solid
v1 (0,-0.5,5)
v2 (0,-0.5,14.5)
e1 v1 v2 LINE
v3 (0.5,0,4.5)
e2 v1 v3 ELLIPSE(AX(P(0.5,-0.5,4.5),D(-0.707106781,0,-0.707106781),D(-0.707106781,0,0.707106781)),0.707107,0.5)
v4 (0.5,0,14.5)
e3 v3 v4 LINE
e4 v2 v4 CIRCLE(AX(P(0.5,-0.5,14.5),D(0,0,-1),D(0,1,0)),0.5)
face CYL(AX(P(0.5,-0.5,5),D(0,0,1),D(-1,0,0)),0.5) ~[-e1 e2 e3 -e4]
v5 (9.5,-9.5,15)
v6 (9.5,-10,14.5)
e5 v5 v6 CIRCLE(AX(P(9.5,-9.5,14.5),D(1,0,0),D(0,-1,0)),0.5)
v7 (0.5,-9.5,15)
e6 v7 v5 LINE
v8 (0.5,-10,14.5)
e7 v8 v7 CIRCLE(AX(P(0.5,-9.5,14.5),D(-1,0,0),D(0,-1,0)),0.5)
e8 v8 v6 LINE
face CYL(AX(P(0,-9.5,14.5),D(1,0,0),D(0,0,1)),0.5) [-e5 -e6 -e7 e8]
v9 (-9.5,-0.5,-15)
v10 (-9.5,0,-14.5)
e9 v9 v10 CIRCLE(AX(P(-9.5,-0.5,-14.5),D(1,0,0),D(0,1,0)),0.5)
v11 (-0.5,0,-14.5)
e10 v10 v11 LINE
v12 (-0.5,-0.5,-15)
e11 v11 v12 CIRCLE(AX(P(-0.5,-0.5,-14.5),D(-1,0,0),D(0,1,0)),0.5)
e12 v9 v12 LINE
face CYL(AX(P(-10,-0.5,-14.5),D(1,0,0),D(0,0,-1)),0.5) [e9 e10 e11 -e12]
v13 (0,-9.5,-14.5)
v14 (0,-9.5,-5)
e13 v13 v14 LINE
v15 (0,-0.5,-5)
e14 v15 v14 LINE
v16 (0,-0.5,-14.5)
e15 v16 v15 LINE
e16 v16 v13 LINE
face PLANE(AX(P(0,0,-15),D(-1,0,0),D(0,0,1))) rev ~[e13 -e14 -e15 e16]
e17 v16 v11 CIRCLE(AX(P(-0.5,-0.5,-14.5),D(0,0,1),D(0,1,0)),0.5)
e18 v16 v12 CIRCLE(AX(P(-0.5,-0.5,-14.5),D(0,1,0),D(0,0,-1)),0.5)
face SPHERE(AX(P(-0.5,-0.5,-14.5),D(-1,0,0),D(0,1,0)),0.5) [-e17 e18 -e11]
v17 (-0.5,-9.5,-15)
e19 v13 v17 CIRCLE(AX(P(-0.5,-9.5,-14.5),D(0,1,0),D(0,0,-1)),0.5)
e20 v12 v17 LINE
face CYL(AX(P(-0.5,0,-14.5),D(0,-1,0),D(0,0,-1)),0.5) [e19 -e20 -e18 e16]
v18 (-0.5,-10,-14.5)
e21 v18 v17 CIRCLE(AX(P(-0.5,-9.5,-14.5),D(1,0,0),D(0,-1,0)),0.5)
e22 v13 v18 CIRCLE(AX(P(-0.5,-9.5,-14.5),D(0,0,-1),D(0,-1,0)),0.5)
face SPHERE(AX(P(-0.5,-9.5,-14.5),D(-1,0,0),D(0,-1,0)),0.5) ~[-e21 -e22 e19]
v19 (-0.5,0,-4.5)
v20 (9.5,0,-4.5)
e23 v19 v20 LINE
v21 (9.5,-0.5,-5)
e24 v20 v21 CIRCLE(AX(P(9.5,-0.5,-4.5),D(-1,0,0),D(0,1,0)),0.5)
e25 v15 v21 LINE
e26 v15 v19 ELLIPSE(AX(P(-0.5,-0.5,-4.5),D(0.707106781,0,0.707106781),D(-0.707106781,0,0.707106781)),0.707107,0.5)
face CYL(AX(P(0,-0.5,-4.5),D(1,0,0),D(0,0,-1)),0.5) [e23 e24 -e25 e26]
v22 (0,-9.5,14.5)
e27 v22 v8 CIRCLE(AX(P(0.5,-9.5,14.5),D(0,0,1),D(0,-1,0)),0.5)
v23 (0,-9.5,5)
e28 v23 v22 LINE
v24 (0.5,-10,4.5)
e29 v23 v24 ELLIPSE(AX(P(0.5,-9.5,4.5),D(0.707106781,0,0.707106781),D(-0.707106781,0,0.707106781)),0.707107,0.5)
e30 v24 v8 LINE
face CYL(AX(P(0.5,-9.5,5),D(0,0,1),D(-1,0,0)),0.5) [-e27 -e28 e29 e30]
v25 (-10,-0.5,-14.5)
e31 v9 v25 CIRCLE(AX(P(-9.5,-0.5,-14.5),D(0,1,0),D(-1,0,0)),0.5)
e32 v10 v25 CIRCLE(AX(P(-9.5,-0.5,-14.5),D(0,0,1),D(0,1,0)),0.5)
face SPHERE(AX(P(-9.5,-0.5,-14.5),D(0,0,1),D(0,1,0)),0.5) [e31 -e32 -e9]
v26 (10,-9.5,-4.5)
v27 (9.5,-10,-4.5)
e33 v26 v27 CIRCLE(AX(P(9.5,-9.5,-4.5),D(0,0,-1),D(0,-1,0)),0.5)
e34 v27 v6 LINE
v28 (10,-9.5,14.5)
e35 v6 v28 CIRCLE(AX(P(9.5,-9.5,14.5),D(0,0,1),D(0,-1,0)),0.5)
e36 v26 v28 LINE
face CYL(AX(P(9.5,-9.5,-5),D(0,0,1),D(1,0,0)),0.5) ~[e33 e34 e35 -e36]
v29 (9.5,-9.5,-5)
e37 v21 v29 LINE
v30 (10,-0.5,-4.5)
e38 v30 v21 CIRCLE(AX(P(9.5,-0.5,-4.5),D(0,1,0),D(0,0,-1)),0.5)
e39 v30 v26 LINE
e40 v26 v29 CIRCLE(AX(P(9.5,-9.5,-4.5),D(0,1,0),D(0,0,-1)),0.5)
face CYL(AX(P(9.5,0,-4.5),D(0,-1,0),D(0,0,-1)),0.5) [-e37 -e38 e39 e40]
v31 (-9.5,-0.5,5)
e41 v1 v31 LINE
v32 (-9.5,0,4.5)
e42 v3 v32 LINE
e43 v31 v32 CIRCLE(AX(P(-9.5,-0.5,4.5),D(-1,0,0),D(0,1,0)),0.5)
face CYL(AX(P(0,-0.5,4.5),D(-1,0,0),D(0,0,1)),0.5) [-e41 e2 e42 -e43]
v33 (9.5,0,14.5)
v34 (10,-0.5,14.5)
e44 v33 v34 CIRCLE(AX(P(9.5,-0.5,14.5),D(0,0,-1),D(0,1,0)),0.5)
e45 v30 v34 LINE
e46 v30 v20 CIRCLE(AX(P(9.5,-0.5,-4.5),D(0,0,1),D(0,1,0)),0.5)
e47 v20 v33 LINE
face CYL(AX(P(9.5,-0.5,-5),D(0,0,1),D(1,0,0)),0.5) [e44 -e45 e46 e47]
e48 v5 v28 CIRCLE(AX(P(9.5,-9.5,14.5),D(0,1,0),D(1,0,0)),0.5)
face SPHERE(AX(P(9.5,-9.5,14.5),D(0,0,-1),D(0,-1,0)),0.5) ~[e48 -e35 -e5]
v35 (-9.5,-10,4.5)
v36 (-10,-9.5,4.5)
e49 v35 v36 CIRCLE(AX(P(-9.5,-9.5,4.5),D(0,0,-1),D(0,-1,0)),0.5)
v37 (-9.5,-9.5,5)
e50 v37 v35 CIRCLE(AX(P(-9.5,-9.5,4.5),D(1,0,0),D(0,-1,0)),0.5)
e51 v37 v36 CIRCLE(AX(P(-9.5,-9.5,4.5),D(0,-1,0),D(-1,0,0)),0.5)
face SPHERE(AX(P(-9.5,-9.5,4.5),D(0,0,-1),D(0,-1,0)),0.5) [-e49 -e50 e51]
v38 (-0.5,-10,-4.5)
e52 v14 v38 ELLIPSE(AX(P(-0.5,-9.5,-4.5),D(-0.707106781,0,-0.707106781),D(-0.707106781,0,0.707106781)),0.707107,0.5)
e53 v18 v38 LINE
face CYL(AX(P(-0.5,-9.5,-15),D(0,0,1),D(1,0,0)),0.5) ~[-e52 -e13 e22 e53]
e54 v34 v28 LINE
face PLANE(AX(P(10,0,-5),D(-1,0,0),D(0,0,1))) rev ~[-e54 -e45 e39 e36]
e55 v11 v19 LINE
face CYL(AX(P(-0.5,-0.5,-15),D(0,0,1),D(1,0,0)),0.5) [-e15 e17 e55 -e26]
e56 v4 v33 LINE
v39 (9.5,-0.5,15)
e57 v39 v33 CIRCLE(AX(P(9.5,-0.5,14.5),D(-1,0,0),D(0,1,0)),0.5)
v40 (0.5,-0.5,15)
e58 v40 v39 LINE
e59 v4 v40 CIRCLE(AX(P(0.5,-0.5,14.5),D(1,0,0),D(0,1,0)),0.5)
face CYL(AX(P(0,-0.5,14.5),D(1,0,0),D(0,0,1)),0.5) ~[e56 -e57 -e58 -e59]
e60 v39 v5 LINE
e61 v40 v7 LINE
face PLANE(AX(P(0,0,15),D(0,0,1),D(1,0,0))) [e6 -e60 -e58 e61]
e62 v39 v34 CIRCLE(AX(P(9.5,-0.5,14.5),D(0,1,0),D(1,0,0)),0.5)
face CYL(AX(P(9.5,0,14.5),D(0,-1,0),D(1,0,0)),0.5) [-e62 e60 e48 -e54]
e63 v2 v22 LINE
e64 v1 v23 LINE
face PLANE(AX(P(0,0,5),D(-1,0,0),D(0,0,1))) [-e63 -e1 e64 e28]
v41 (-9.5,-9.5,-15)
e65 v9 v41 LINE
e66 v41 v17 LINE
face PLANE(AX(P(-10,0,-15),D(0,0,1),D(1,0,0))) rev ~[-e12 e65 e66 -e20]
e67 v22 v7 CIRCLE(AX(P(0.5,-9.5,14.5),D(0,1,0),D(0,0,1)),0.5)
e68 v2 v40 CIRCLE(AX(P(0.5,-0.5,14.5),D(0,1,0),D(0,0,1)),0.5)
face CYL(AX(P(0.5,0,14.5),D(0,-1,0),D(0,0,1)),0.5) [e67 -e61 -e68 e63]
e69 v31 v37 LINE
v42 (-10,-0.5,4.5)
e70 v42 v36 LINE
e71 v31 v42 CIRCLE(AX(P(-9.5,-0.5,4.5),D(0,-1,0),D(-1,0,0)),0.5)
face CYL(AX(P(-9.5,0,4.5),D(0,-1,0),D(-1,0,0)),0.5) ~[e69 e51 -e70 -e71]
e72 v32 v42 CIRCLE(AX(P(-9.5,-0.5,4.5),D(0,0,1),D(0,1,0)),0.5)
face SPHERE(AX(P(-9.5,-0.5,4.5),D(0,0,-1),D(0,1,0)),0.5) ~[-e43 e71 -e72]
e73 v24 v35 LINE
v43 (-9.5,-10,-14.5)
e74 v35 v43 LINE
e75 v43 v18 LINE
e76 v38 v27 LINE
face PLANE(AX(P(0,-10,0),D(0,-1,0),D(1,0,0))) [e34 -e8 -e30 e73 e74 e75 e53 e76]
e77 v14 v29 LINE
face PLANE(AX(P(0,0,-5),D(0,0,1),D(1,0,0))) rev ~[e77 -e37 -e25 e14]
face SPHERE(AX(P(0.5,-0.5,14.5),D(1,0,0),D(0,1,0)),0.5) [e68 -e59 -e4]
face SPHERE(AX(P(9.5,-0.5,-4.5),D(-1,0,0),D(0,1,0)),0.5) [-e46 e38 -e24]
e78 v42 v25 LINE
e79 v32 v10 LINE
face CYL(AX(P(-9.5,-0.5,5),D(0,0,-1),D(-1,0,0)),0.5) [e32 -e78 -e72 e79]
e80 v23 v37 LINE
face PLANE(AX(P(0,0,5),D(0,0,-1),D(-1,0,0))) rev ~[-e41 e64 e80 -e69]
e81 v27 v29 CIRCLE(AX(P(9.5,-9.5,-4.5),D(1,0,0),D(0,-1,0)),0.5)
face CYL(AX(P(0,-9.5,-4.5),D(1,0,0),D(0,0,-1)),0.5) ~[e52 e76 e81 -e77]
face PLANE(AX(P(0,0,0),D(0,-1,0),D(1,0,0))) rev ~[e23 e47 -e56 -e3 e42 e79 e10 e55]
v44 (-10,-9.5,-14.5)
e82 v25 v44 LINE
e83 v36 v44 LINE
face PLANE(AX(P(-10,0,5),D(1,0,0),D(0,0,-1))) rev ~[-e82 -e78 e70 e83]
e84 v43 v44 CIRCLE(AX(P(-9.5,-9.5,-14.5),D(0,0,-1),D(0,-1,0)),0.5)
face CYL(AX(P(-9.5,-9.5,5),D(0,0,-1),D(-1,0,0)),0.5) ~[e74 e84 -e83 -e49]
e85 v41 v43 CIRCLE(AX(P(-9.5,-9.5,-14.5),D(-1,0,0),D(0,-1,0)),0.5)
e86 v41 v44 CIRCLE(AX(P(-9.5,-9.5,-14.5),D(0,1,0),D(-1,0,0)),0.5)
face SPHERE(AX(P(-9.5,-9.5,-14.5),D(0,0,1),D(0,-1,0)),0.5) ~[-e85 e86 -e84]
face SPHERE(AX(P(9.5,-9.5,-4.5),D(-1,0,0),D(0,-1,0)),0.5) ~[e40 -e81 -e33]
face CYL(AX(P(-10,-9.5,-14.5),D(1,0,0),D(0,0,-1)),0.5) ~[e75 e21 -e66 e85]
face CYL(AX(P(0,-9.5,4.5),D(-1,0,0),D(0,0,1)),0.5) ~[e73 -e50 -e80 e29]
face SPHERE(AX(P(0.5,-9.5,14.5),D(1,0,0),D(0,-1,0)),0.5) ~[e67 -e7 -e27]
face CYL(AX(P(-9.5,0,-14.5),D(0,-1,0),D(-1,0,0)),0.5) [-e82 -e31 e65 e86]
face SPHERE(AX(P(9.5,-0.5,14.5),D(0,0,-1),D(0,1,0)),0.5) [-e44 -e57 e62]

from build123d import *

# Parameters (mm, degrees)
F0_W     = 10
F0_H     = 10
F1_DEPTH = 10
F2_R     = 0.5


with BuildPart() as f1:
    # F0 (on Front) → F1 (new body)
    with BuildSketch(Plane.XZ):
        Polygon((-10, 5), (-10, -5), (0, -5), (10, -5), (10, 5), (0, 5), align=None)
        with Locations((-5, -10)):
            Rectangle(F0_W, F0_H)
        with Locations((5, 10)):
            Rectangle(F0_W, F0_H)
    extrude(amount=F1_DEPTH)

    # F2
    f2_edges = [f1.edges().sort_by_distance(p)[0] for p in [
        (-10, 0, -5),
        (-5, 0, -15),
        (0, 0, -10),
        (5, 0, -5),
        (10, 0, 5),
        (5, 0, 15),
        (0, 0, 10),
        (-5, 0, 5),
        (-10, -10, -5),
        (-5, -10, -15),
        (0, -10, -10),
        (5, -10, -5),
        (10, -10, 5),
        (5, -10, 15),
        (0, -10, 10),
        (-5, -10, 5),
        (-10, -5, -15),
        (0, -5, -15),
        (10, -5, -5),
        (10, -5, 15),
        (0, -5, 15),
        (-10, -5, 5),
    ]]
    fillet(f2_edges, radius=F2_R)


solid = f1.part
